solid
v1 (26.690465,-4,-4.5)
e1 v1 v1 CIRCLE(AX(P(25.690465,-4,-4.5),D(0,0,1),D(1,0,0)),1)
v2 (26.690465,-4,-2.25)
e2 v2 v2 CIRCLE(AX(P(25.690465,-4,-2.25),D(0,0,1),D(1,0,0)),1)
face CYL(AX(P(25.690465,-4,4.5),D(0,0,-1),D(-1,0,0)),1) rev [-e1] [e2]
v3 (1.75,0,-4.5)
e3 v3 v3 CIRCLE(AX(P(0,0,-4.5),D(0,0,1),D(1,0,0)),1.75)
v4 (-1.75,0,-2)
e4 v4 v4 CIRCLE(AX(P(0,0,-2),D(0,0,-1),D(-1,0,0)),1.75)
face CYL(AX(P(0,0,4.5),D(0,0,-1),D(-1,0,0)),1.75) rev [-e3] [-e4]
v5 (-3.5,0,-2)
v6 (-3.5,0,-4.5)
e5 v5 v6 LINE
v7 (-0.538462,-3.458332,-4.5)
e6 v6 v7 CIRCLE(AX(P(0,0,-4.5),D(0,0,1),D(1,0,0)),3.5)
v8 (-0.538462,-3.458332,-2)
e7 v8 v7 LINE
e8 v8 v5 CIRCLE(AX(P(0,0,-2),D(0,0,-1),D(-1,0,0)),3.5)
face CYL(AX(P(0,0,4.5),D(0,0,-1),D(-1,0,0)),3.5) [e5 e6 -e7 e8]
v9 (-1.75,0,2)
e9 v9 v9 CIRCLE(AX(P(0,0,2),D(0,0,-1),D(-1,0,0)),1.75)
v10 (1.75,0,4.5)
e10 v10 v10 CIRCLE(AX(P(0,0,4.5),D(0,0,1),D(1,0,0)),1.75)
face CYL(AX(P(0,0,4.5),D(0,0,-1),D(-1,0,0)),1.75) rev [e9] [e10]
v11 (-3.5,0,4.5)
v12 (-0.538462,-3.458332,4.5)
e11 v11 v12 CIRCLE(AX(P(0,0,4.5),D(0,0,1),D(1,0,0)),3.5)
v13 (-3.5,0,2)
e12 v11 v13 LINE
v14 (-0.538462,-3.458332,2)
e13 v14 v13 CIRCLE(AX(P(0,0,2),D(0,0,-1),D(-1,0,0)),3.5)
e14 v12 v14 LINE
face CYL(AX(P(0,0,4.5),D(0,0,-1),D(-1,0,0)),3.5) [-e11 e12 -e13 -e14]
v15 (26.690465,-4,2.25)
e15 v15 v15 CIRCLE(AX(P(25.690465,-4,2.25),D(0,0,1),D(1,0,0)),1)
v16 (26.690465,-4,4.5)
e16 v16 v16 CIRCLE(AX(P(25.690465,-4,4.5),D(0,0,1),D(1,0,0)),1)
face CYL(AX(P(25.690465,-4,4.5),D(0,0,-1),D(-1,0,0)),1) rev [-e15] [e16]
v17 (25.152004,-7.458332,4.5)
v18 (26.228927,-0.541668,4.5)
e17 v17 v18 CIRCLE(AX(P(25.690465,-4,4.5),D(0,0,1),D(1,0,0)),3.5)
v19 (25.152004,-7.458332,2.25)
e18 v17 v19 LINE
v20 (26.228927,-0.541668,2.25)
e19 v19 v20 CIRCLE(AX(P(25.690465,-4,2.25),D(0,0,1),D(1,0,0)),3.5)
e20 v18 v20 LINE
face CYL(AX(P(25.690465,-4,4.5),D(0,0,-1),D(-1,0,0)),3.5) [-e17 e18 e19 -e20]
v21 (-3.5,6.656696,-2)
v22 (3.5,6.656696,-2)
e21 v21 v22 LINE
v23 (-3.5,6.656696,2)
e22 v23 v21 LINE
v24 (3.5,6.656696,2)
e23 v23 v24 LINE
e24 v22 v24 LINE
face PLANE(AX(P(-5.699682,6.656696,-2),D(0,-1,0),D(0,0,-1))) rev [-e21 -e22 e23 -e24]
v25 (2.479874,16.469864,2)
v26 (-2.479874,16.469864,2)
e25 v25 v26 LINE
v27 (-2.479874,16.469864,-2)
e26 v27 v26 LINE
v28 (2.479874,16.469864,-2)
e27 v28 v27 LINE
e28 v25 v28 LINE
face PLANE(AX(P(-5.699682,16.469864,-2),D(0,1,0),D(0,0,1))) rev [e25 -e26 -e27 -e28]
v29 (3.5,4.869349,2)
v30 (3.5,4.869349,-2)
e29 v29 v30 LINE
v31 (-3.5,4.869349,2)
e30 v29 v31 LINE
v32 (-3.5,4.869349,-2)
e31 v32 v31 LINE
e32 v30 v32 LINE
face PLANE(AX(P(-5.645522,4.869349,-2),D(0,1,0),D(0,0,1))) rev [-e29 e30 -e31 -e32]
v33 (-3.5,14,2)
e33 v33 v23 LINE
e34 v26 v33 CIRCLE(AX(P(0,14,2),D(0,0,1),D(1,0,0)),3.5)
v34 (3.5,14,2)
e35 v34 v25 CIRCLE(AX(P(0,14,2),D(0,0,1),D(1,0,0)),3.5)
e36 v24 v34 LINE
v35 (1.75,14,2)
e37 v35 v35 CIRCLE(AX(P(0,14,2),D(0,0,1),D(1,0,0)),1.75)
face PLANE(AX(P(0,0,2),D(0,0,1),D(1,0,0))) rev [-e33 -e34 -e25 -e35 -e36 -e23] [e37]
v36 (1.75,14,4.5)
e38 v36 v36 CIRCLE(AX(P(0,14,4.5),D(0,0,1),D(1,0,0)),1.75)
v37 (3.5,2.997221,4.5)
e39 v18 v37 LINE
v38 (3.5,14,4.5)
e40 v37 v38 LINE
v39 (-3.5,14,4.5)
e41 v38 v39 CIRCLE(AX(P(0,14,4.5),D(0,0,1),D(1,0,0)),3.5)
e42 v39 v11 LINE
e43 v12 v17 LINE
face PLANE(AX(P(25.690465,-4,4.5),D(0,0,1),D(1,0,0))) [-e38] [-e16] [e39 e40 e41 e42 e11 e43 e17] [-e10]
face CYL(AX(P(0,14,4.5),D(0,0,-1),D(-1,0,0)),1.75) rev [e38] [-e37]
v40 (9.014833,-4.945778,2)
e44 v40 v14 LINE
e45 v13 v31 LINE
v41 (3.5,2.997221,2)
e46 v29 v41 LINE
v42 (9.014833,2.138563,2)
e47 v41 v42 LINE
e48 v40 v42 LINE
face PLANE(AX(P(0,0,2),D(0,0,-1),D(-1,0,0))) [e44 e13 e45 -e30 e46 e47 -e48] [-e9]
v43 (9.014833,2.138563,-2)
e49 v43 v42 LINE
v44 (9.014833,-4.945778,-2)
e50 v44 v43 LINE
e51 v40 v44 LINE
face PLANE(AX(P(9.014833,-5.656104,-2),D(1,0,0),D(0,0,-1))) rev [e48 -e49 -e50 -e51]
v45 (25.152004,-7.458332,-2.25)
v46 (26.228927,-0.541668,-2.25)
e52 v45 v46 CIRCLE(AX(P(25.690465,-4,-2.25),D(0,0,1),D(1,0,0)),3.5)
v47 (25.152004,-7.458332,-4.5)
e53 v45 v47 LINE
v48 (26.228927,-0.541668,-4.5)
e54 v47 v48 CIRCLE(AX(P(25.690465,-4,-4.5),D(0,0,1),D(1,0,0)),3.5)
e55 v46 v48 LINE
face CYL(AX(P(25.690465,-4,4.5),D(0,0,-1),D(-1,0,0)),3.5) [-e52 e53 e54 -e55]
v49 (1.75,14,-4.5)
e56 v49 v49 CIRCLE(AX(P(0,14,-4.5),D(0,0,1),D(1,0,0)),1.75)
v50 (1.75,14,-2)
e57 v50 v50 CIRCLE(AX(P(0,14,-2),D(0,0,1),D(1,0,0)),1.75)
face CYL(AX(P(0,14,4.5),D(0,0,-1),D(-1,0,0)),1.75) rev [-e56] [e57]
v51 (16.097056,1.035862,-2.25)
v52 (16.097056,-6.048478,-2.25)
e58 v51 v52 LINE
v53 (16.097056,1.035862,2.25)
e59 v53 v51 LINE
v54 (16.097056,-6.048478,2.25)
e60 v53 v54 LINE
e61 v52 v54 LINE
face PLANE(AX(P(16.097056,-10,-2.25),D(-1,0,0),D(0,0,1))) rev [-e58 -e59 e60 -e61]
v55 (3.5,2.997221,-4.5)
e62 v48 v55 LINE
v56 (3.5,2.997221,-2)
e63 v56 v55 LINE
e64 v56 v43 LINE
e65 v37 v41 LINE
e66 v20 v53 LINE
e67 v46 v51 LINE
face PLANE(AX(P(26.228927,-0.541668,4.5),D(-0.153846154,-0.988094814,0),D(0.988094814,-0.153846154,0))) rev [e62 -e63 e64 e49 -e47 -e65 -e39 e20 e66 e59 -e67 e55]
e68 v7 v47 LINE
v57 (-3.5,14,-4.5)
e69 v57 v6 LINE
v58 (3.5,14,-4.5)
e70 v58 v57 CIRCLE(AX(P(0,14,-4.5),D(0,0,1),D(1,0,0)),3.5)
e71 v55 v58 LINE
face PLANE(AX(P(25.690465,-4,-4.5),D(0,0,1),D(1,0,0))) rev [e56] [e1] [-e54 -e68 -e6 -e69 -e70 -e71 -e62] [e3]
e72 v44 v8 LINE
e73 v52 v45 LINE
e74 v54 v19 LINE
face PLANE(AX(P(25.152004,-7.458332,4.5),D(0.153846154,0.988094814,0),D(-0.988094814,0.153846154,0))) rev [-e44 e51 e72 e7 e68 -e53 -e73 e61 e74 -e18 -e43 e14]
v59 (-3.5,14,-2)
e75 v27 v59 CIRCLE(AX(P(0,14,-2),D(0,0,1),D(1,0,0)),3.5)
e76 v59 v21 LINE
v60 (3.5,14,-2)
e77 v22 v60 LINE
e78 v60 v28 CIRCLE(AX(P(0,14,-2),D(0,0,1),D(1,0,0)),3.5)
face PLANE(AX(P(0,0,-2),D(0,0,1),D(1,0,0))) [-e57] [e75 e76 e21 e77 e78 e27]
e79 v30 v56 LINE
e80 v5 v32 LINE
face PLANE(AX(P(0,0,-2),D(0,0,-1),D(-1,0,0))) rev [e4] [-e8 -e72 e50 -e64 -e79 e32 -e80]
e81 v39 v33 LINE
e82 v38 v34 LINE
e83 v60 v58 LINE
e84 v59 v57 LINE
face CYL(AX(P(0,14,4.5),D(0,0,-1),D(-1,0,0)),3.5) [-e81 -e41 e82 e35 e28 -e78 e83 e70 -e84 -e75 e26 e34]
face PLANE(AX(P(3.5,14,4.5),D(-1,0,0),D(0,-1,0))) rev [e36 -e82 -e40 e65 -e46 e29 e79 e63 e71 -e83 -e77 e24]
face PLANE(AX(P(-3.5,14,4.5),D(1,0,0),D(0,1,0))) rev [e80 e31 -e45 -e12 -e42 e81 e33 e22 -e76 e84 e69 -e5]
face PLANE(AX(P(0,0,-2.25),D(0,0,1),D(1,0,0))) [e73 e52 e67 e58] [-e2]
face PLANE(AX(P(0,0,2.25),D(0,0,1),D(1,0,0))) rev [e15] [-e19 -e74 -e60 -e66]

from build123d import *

# Parameters (mm, degrees)
SKETCH_1_R          = 1.75
SKETCH_1_R_2        = 1
EXTRUDE_1_DEPTH     = 4.5
SKETCH_5_W          = 9.199682462
SKETCH_5_H          = 9.813167506
SKETCH_5_W_2        = 14.660354758
SKETCH_5_H_2        = 10.525453646
CUT_EXTRUDE_3_DEPTH = 2
SKETCH_6_W          = 19.186818514
SKETCH_6_H          = 12
CUT_EXTRUDE_4_DEPTH = 2.25


with BuildPart() as part:
    # 草图1 → 凸台-拉伸1 (new, symmetric)
    with BuildSketch(Plane.XY):
        with BuildLine():
            Line((25.152003619, -7.458331848), (-0.538461538, -3.458331848))
            ThreePointArc((-0.538461538, -3.458331848), (-2.658440839, -2.276552725), (-3.5, 0))
            Line((-3.5, 0), (-3.5, 14))
            ThreePointArc((-3.5, 14), (0, 17.5), (3.5, 14))
            Line((3.5, 14), (3.5, 2.997220935))
            Line((3.5, 2.997220935), (26.228926696, -0.541668152))
            ThreePointArc((26.228926696, -0.541668152), (29.148797005, -4.538461538), (25.152003619, -7.458331848))
        make_face()
        Circle(SKETCH_1_R, mode=Mode.SUBTRACT)
        with Locations((0, 14)):
            Circle(SKETCH_1_R, mode=Mode.SUBTRACT)
        with Locations((25.690465157, -4)):
            Circle(SKETCH_1_R_2, mode=Mode.SUBTRACT)
    extrude(amount=EXTRUDE_1_DEPTH, both=True)

    # 草图5 → 切除-拉伸3 (cut, symmetric)
    with BuildSketch(Plane.XY):
        with Locations((-1.099841231, 11.563279791)):
            Rectangle(SKETCH_5_W, SKETCH_5_H)
        with Locations((1.684655549, -0.393377614)):
            Rectangle(SKETCH_5_W_2, SKETCH_5_H_2)
    extrude(amount=CUT_EXTRUDE_3_DEPTH, both=True, mode=Mode.SUBTRACT)

    # 草图6 → 切除-拉伸4 (cut, symmetric)
    with BuildSketch(Plane.XY):
        with Locations((25.690465157, -4)):
            Rectangle(SKETCH_6_W, SKETCH_6_H)
    extrude(amount=CUT_EXTRUDE_4_DEPTH, both=True, mode=Mode.SUBTRACT)


solid = part.part
